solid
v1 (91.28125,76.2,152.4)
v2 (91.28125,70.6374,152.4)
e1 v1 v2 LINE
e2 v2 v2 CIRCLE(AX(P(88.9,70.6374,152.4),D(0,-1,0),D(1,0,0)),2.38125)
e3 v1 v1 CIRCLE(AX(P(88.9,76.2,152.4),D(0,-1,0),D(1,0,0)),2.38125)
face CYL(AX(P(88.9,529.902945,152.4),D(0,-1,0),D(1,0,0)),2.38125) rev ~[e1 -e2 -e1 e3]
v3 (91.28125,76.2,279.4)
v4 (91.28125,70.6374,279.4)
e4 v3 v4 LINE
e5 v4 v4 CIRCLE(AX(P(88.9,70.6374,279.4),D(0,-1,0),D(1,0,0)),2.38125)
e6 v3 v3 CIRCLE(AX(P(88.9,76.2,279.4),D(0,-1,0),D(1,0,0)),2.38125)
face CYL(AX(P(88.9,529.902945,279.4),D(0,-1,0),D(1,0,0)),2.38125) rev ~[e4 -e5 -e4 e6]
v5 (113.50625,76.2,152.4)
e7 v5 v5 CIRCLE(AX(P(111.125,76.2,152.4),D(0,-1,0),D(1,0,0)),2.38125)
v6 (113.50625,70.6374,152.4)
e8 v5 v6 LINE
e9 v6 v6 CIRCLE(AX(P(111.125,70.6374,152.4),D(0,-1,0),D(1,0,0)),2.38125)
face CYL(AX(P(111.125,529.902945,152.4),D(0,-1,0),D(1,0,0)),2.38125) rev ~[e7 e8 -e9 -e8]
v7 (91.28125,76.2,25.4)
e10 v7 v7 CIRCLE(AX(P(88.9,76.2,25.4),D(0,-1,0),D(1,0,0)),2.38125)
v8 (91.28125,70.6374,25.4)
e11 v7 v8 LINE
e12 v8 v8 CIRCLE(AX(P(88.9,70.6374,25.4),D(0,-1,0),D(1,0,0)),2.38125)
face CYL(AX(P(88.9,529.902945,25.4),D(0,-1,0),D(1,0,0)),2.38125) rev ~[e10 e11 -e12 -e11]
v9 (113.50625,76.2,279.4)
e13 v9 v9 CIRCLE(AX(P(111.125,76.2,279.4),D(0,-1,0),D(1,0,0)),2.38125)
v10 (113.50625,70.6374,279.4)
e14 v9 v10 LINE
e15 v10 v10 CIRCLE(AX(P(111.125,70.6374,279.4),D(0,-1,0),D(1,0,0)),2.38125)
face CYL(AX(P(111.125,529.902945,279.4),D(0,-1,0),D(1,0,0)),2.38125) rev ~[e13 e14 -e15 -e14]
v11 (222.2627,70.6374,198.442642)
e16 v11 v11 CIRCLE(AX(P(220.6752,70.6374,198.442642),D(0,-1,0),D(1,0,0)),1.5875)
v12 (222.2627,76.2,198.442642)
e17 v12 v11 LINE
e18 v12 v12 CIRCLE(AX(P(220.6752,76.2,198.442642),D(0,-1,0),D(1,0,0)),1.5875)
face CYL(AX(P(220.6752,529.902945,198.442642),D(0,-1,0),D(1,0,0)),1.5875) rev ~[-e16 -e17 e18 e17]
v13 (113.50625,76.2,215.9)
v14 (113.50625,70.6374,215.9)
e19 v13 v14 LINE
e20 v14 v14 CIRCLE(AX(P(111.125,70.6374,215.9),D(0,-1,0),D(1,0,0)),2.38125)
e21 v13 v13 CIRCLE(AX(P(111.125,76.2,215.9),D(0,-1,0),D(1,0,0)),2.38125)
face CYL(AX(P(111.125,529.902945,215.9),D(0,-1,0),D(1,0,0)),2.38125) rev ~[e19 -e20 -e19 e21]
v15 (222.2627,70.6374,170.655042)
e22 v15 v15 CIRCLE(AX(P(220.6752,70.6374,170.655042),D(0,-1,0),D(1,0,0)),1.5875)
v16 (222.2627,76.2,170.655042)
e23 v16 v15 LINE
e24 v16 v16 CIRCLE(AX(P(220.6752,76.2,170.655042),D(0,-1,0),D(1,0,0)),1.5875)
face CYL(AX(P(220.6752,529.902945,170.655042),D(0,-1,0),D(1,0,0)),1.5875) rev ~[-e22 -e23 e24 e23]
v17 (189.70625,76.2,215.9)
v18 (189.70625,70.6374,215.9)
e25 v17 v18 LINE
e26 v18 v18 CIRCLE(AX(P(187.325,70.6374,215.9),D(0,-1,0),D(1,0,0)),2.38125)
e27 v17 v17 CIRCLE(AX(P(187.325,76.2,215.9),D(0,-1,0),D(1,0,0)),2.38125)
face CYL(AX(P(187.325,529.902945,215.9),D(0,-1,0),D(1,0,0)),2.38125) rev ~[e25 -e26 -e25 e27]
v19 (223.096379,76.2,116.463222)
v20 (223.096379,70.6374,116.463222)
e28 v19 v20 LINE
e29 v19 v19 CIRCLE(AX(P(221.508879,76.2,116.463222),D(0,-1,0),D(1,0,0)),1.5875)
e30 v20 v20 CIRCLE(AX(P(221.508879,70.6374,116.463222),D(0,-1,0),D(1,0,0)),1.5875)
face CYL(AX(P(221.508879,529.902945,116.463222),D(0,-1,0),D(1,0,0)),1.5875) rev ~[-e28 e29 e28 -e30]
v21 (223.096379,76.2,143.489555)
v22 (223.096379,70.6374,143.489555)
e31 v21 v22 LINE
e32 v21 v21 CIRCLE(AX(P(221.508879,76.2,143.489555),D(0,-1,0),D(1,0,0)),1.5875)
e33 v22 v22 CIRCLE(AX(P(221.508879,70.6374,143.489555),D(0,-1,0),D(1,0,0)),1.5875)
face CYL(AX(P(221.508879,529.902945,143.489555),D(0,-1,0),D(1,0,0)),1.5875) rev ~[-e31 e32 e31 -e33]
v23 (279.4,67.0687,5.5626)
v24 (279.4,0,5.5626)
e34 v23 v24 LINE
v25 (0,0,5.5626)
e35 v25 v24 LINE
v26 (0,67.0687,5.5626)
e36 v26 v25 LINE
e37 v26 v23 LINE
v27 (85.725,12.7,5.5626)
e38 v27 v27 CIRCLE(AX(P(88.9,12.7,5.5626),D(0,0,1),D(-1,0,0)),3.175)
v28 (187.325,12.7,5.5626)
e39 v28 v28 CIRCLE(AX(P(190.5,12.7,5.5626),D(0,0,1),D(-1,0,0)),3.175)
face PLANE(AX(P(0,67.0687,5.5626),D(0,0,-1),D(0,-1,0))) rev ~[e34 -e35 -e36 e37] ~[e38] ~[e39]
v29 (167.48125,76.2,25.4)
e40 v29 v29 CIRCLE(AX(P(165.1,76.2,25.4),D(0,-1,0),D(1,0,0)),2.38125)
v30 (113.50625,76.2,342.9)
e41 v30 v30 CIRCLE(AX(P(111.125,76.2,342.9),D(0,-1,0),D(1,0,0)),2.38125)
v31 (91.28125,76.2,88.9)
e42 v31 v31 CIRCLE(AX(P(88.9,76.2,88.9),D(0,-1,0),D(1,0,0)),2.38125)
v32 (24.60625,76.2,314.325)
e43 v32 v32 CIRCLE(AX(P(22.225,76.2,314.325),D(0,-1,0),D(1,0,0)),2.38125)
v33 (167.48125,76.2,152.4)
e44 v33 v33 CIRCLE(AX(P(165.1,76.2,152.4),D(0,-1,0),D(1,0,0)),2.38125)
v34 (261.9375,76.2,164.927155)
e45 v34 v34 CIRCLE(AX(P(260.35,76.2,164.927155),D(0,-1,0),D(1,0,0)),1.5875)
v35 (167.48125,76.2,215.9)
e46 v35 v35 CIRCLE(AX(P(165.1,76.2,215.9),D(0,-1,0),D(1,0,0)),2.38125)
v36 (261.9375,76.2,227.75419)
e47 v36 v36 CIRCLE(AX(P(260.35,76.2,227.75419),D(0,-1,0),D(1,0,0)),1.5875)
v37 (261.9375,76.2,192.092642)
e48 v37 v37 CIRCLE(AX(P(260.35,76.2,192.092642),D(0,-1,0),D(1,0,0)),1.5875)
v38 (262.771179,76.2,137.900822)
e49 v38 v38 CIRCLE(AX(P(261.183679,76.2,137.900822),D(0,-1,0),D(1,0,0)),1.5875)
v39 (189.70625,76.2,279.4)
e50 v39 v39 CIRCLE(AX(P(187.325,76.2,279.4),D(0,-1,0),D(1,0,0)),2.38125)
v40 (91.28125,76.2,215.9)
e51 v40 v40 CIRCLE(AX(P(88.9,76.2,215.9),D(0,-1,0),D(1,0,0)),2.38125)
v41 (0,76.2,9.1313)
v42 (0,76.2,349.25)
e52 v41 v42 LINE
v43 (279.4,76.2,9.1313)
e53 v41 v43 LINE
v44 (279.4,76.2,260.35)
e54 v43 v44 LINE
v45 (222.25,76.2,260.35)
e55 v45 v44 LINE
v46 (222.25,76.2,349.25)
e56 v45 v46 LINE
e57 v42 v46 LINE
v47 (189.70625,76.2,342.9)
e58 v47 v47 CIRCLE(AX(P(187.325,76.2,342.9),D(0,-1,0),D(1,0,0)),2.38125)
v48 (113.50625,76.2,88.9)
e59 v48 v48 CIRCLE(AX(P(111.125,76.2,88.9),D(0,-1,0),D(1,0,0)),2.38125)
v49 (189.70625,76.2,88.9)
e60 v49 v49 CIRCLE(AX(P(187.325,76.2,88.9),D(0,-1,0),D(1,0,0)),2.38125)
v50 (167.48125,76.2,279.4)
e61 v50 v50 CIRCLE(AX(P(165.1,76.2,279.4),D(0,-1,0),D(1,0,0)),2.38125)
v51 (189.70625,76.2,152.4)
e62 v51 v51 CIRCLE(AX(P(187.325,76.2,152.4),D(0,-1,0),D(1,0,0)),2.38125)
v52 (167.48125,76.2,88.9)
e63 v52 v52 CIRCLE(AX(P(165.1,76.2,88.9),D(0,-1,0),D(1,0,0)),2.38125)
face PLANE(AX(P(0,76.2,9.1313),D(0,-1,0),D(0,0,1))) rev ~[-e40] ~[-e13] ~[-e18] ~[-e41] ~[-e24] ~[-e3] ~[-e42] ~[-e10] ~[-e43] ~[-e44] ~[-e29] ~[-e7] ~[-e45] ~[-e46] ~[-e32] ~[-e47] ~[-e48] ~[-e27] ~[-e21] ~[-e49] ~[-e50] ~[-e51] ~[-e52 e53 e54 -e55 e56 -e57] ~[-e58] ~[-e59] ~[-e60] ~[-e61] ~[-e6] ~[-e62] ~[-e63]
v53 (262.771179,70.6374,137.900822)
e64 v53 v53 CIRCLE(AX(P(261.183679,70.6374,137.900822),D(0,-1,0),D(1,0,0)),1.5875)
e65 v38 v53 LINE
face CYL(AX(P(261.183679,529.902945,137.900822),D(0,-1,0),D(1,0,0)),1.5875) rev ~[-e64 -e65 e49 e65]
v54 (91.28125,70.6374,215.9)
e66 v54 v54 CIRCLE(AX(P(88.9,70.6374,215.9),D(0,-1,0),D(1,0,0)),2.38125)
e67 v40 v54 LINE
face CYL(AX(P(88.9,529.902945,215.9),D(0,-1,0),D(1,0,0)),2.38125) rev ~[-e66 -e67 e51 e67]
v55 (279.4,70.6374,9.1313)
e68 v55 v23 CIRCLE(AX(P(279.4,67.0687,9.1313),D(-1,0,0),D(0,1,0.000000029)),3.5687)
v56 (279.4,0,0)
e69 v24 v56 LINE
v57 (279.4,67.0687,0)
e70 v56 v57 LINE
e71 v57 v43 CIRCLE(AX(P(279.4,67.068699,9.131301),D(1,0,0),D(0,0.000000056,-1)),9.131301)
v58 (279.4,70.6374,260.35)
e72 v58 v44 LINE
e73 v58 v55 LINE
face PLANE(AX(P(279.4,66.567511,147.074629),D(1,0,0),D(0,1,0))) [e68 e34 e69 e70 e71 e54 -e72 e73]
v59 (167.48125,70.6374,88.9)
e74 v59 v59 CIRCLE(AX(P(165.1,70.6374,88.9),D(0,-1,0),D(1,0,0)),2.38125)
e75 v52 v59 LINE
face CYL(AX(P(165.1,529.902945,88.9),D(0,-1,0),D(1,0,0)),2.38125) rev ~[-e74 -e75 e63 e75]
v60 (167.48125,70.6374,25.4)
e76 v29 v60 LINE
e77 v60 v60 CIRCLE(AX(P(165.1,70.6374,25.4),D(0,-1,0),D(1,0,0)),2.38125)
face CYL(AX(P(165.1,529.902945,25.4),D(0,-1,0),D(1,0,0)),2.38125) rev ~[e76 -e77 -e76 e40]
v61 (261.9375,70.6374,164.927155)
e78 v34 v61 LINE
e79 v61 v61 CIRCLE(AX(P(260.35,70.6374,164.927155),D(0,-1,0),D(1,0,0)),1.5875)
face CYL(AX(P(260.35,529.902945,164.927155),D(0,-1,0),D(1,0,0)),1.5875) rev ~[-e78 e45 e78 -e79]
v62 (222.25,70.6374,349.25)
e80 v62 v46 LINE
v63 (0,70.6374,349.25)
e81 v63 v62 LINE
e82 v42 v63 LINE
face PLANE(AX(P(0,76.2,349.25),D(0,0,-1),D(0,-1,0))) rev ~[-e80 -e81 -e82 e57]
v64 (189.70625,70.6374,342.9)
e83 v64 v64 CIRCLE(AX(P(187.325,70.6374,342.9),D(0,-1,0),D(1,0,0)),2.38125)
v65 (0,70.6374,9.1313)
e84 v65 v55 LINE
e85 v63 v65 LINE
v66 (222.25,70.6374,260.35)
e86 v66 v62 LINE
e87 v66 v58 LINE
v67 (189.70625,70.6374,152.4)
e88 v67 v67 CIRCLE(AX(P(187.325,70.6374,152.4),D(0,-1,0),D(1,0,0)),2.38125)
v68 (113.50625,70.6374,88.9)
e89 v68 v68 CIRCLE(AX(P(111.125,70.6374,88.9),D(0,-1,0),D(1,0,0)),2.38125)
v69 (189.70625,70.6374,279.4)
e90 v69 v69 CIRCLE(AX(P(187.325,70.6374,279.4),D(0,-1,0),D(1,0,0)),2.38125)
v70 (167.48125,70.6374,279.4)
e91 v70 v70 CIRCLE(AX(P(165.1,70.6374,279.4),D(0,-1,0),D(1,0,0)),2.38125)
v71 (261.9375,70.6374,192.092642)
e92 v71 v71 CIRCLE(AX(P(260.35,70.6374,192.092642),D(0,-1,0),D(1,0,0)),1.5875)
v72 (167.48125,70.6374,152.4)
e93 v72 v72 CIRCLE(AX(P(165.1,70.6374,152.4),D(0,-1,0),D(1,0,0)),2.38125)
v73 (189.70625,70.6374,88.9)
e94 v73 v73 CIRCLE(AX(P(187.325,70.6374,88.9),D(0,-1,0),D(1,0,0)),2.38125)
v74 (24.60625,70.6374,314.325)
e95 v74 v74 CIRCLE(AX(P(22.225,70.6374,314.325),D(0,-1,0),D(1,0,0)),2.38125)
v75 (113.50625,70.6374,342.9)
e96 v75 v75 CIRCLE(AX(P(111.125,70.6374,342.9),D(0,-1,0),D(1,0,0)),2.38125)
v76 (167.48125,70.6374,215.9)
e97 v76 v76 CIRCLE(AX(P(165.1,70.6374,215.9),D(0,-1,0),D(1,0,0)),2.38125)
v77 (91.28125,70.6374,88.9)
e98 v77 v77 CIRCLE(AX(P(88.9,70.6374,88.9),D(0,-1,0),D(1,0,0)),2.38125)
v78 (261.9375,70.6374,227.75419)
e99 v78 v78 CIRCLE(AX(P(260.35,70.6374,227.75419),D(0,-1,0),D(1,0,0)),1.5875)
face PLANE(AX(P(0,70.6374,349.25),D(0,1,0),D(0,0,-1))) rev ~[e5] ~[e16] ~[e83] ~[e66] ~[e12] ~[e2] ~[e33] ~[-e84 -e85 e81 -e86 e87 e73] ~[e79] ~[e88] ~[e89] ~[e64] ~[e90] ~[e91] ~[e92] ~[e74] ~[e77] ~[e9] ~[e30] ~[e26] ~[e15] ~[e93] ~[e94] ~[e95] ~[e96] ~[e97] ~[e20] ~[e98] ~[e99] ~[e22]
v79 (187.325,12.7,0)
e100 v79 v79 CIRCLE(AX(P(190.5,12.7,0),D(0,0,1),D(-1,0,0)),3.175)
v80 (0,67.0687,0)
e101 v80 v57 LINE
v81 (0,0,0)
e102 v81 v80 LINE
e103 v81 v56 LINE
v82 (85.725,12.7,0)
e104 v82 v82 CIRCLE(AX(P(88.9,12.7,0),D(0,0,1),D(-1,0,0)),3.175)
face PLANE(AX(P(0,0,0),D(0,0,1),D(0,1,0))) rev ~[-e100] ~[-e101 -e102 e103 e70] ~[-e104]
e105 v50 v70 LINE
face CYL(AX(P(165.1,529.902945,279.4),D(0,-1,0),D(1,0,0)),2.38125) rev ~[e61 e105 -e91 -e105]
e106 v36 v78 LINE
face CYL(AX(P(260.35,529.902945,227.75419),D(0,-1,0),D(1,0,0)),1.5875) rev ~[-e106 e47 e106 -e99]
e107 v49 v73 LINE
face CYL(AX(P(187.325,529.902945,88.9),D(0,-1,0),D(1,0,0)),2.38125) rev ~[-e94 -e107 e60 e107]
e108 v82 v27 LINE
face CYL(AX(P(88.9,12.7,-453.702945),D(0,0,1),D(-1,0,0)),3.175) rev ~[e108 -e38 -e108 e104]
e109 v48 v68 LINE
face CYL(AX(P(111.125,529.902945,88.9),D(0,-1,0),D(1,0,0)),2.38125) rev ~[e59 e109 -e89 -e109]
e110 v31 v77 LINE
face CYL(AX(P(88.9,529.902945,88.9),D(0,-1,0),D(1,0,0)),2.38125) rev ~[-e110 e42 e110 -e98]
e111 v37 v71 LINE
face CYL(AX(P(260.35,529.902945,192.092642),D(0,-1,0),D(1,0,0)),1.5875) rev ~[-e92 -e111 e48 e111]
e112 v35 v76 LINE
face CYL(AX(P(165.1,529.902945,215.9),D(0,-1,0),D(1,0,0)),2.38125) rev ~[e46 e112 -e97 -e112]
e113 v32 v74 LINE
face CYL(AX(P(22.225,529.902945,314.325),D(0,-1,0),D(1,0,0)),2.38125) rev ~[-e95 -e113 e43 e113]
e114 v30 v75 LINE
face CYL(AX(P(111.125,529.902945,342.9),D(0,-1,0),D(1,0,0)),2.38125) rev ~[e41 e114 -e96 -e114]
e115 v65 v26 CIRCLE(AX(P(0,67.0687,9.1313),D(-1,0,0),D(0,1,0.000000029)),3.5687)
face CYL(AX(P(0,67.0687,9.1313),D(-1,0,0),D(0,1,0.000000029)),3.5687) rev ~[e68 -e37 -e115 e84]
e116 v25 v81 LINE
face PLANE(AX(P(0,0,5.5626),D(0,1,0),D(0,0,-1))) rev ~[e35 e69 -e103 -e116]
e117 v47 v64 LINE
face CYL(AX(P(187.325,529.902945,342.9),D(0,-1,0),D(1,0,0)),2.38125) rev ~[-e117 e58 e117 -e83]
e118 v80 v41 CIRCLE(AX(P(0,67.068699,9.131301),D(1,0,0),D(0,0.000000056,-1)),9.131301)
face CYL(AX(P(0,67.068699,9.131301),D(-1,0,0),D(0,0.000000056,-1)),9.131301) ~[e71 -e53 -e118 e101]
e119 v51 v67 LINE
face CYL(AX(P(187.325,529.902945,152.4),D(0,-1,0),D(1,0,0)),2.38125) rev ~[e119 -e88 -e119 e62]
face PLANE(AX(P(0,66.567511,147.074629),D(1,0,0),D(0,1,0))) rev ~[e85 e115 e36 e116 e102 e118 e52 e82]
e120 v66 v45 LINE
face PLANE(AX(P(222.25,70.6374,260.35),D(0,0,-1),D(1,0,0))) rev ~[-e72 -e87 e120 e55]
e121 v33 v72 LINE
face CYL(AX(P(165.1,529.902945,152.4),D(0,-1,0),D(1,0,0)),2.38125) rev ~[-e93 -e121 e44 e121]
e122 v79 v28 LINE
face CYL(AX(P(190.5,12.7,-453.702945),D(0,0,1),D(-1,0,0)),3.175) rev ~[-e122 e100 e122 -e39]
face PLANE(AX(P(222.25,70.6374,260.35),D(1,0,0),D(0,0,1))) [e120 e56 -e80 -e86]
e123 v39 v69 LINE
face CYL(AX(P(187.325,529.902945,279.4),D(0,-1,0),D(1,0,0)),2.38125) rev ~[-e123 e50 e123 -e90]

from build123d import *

# Parameters (mm, degrees)
F1_DEPTH = 279.4
F2_W     = 57.15
F2_H     = 88.9
F3_DEPTH = 5.5636
F6_D     = 4.7625
F7_D     = 3.175
F9_D     = 6.35


with BuildPart() as f1:
    # F0 (on Right) → F1 (new body)
    with BuildSketch(Plane.YZ):
        with BuildLine():
            Line((0, 5.5626), (0, 0))
            Line((0, 0), (67.0687, 0))
            ThreePointArc((67.0687, 0), (73.525504, 2.674496), (76.2, 9.1313))
            Line((76.2, 9.1313), (76.2, 349.25))
            Line((76.2, 349.25), (70.6374, 349.25))
            Line((70.6374, 349.25), (70.6374, 9.1313))
            ThreePointArc((70.6374, 9.1313), (69.592152, 6.607848), (67.0687, 5.5626))
            Line((67.0687, 5.5626), (0, 5.5626))
        make_face()
    extrude(amount=F1_DEPTH)

    # F2 (on face) → F3 (cut, through all)
    with BuildSketch(Plane.XZ.offset(-70.6374)):
        with Locations((250.825, 304.8)):
            Rectangle(F2_W, F2_H)
    extrude(amount=-F3_DEPTH, mode=Mode.SUBTRACT)

    # F6 (through all)
    with Locations(Plane(origin=(0, 76.2, 0), x_dir=(-1, 0, 0), z_dir=(0, 1, 0))):
        with Locations((-187.325, 342.9), (-187.325, 279.4), (-187.325, 215.9), (-187.325, 152.4), (-187.325, 88.9), (-165.1, 25.4), (-165.1, 88.9), (-165.1, 152.4), (-165.1, 215.9), (-165.1, 279.4), (-111.125, 342.9), (-111.125, 279.4), (-111.125, 215.9), (-111.125, 152.4), (-111.125, 88.9), (-88.9, 25.4), (-88.9, 88.9), (-88.9, 152.4), (-88.9, 215.9), (-88.9, 279.4), (-22.225, 314.325)):
            Hole(F6_D / 2)

    # F7 (through all)
    with Locations(Plane(origin=(0, 76.2, 0), x_dir=(-1, 0, 0), z_dir=(0, 1, 0))):
        with Locations((-261.183679, 137.900822), (-221.508879, 116.463222), (-221.508879, 143.489555), (-260.35, 164.927155), (-260.35, 192.092642), (-220.6752, 170.655042), (-220.6752, 198.442642), (-260.35, 227.75419)):
            Hole(F7_D / 2)

    # F9 (through all)
    with Locations(Plane(origin=(0, 0, 0), x_dir=(1, 0, 0), z_dir=(0, 0, -1))):
        with Locations((88.9, -12.7), (190.5, -12.7)):
            Hole(F9_D / 2)


solid = f1.part
